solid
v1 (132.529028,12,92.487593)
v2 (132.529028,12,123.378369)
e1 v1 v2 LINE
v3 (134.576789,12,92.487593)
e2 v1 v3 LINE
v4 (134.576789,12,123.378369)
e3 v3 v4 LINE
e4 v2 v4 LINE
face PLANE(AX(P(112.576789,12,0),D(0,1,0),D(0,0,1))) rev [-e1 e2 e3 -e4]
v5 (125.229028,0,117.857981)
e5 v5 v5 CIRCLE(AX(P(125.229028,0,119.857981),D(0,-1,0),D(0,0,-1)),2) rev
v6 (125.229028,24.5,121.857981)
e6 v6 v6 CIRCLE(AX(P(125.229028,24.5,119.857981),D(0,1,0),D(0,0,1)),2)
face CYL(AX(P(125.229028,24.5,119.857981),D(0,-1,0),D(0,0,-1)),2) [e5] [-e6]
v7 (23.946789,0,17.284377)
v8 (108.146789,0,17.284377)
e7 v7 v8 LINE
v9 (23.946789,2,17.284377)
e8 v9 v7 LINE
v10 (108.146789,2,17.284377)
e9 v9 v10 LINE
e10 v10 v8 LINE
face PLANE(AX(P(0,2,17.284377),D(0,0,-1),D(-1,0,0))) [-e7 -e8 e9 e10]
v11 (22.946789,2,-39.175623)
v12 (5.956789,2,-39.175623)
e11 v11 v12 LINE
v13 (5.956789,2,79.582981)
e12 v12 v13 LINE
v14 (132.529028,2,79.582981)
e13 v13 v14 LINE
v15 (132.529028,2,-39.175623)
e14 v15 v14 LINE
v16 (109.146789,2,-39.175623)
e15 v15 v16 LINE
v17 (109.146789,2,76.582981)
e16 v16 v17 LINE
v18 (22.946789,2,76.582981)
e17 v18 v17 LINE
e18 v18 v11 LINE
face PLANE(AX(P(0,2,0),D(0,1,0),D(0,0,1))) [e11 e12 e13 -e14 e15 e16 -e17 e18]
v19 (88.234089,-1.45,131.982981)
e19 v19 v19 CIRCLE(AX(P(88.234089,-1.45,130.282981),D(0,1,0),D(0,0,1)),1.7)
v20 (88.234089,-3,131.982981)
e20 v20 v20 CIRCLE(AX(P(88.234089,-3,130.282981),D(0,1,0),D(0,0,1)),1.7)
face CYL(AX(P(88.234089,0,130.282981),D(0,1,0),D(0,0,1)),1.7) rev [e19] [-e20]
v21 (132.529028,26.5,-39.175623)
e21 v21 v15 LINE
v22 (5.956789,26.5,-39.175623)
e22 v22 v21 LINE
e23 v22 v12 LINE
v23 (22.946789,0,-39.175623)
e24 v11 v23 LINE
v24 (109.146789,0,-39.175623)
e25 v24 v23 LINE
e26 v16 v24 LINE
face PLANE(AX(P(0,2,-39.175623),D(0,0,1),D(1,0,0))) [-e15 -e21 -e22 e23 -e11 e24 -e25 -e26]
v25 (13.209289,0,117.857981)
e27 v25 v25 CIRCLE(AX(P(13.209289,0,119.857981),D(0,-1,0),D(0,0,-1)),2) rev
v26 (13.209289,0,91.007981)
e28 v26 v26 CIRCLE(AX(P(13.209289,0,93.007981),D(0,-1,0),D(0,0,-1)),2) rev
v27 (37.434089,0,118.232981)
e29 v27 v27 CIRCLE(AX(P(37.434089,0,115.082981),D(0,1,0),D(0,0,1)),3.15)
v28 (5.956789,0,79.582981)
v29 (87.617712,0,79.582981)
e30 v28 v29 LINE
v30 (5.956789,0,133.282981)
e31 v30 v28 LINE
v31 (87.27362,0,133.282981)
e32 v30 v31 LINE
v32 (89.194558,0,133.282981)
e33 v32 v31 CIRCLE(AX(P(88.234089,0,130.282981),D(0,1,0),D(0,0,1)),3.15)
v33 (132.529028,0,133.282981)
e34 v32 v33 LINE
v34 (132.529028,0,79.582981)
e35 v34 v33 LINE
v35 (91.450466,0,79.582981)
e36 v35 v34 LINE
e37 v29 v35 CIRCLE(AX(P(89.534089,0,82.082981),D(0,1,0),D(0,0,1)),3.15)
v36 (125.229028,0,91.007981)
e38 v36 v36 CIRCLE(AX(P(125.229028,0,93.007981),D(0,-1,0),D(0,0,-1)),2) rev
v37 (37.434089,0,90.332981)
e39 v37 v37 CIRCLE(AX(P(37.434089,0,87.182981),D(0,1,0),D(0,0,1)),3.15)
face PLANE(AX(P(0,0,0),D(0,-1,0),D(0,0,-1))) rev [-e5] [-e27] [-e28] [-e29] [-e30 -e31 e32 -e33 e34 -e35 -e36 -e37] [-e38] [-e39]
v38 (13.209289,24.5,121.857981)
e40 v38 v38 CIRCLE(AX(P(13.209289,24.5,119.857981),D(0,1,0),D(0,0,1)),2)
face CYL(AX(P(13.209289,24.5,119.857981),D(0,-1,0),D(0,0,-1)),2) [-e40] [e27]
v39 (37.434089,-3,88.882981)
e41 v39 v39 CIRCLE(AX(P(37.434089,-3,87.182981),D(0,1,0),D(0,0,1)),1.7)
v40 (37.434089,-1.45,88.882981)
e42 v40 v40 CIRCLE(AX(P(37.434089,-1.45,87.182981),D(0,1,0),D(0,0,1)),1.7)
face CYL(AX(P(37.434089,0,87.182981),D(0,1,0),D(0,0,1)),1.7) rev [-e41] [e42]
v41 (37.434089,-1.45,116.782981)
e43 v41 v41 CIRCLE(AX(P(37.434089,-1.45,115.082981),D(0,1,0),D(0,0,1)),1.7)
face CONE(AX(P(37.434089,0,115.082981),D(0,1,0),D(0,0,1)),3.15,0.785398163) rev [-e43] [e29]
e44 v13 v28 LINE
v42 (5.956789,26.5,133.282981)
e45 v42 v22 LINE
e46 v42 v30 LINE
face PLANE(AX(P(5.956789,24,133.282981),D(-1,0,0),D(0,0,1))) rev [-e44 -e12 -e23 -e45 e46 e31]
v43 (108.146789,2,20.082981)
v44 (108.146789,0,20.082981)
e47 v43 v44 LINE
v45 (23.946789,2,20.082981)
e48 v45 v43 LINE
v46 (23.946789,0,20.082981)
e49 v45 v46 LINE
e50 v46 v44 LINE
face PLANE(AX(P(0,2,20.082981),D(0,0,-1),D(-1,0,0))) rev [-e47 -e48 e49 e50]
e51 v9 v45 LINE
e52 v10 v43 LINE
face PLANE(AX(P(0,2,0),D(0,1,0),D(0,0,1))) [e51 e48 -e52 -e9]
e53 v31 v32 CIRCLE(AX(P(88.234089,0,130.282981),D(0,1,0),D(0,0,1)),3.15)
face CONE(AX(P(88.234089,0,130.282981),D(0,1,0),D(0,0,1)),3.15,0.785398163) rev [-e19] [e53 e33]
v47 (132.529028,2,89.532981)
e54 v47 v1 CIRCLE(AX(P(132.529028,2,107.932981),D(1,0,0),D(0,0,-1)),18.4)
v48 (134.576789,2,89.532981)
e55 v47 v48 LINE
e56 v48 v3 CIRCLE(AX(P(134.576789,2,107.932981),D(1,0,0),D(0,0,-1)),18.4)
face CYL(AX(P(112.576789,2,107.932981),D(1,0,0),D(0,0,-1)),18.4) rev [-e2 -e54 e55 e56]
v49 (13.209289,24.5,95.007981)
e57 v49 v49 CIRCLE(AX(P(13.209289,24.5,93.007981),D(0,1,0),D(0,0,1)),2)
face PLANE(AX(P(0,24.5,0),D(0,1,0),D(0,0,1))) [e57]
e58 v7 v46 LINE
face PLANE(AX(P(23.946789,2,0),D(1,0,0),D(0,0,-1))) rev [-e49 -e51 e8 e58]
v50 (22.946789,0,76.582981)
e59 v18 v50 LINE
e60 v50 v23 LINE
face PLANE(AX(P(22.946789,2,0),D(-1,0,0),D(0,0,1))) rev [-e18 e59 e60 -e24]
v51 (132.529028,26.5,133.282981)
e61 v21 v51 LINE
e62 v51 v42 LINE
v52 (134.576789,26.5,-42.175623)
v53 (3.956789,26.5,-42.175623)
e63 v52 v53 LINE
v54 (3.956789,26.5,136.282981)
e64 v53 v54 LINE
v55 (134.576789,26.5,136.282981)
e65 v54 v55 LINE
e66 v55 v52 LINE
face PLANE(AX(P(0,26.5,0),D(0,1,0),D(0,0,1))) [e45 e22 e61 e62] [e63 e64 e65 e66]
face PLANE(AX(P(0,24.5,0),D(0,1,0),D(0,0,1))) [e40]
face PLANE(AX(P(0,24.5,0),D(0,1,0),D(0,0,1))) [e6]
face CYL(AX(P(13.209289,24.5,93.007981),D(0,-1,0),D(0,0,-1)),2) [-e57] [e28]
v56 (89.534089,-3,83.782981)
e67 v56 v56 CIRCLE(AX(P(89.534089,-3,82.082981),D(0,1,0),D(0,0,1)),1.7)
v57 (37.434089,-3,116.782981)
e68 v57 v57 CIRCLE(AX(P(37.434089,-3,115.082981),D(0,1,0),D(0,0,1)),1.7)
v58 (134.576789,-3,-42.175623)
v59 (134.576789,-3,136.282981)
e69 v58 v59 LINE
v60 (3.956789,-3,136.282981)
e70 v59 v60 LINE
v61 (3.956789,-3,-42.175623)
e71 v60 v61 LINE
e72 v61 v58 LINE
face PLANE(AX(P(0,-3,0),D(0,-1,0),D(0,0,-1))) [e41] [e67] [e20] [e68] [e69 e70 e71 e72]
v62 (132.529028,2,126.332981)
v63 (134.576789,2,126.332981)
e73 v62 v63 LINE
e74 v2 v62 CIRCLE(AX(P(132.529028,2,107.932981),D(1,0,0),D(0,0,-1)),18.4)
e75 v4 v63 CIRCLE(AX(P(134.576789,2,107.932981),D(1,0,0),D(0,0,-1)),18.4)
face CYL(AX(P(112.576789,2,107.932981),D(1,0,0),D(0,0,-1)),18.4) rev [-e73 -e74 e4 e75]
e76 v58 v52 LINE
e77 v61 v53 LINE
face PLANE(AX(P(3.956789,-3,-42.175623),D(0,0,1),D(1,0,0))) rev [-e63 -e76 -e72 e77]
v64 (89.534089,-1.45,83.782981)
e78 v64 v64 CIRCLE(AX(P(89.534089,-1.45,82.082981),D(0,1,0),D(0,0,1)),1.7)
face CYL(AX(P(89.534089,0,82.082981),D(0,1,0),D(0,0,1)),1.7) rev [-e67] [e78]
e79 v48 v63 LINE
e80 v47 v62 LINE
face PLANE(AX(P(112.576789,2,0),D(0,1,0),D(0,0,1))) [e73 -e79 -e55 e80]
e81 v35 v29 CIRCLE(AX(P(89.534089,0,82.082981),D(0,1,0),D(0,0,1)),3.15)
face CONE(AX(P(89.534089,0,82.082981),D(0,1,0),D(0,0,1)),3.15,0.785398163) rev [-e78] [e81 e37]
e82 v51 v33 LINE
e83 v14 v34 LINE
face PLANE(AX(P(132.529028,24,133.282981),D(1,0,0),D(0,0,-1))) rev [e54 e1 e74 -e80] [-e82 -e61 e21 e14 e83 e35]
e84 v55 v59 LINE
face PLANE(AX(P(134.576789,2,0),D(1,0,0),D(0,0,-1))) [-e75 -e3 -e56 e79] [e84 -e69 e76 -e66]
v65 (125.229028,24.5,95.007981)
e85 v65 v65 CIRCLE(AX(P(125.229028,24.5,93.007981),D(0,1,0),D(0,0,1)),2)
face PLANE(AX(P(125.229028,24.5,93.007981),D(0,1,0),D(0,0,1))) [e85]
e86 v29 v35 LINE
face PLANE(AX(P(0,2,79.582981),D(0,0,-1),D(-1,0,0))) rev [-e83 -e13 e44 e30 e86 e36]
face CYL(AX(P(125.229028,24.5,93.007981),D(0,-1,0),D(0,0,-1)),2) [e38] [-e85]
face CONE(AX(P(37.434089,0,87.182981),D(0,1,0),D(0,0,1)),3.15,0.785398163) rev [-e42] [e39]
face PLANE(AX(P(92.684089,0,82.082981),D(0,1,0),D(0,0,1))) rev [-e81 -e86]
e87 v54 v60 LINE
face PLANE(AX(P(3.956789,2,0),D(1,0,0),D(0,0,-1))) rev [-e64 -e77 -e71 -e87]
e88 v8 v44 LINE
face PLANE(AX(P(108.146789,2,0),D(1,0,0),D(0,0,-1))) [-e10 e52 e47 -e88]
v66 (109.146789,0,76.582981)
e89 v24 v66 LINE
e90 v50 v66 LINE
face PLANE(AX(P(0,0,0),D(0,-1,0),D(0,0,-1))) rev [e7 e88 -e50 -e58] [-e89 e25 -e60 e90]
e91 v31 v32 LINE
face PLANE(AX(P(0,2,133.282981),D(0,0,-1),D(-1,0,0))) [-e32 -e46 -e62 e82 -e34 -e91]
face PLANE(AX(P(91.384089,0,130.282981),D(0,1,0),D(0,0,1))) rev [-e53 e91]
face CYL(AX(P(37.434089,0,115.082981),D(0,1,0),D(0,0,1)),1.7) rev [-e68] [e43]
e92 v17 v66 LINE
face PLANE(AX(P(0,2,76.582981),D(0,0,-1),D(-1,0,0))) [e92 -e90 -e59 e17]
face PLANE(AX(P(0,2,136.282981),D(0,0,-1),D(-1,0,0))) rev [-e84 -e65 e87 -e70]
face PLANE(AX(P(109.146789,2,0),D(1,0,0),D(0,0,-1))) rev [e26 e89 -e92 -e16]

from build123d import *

# Parameters (mm, degrees)
SKETCH1_W                                    = 130.62
SKETCH1_H                                    = 3
SKETCH1_W_2                                  = 18.99
SKETCH1_W_3                                  = 25.43
SKETCH1_W_4                                  = 84.2
SKETCH1_H_2                                  = 2.79860344
BOSS_EXTRUDE1_DEPTH                          = 2
SKETCH2_W                                    = 130.62
SKETCH2_H                                    = 178.45860344
BOSS_EXTRUDE2_DEPTH                          = 3
CSK_FOR_M3_COUNTERSUNK_FLAT_HEAD_SCR_2_COUNT = 2
CSK_FOR_M3_COUNTERSUNK_FLAT_HEAD_SCR_2_PITCH = 53.025276991
CSK_FOR_M3_COUNTERSUNK_FLAT_HEAD_SCR_3_COUNT = 2
CSK_FOR_M3_COUNTERSUNK_FLAT_HEAD_SCR_3_PITCH = 66.620192134
CSK_FOR_M3_COUNTERSUNK_FLAT_HEAD_SCR_4_COUNT = 2
CSK_FOR_M3_COUNTERSUNK_FLAT_HEAD_SCR_4_PITCH = 48.217527933
SKETCH9_W                                    = 2.047760895
SKETCH9_H                                    = 53.7
SKETCH9_W_2                                  = 2
BOSS_EXTRUDE3_DEPTH                          = 24
SKETCH10_W                                   = 130.62
SKETCH10_H                                   = 3
BOSS_EXTRUDE4_DEPTH                          = 22
CUT_EXTRUDE1_DEPTH                           = 22
BOSS_EXTRUDE5_DEPTH                          = 22
SKETCH13_R                                   = 2
BOSS_EXTRUDE6_DEPTH                          = 24.5
SKETCH15_W                                   = 126.572239105
SKETCH15_H                                   = 3
SKETCH15_W_2                                 = 2
SKETCH15_H_2                                 = 172.45860344
SKETCH15_W_3                                 = 2.047760895
BOSS_EXTRUDE7_DEPTH                          = 2.5


with BuildPart() as part:
    # Sketch1 → Boss-Extrude1 (new body)
    with BuildSketch(Plane(origin=(0, 0, 0), x_dir=(1, 0, 0), z_dir=(0, 1, 0))):
        with Locations((69.266788991, -134.782980897)):
            Rectangle(SKETCH1_W, SKETCH1_H)
        with Locations((69.266788991, -78.082980897)):
            Rectangle(SKETCH1_W, SKETCH1_H)
        Polygon((134.576788991, -20.082980897), (109.146788991, -20.082980897), (109.146788991, -67.500327372), (109.146788991, -76.582980897), (134.576788991, -76.582980897), align=None)
        Polygon((22.946788991, -33.891997438), (22.946788991, -20.082980897), (3.956788991, -20.082980897), (3.956788991, -76.582980897), (22.946788991, -76.582980897), align=None)
        Polygon((22.946788991, -17.082980897), (22.946788991, 39.175622543), (6.956788991, 39.175622543), (3.956788991, 39.175622543), (3.956788991, -17.082980897), align=None)
        Polygon((131.576788991, 39.175622543), (109.146788991, 39.175622543), (109.146788991, -17.082980897), (134.576788991, -17.082980897), (134.576788991, 39.175622543), align=None)
        with Locations((13.451788991, -18.582980897)):
            Rectangle(SKETCH1_W_2, SKETCH1_H)
        with Locations((121.861788991, -18.582980897)):
            Rectangle(SKETCH1_W_3, SKETCH1_H)
        with Locations((66.046788991, -18.683679177)):
            Rectangle(SKETCH1_W_4, SKETCH1_H_2)
        Polygon((23.946788991, 39.175622543), (108.146788991, 39.175622543), (109.146788991, 39.175622543), (131.576788991, 39.175622543), (134.576788991, 39.175622543), (134.576788991, 42.175622543), (3.956788991, 42.175622543), (3.956788991, 39.175622543), (6.956788991, 39.175622543), (22.946788991, 39.175622543), align=None)
    extrude(amount=BOSS_EXTRUDE1_DEPTH)

    # Sketch2 → Boss-Extrude2 (add)
    with BuildSketch(Plane.XZ):
        with Locations((69.266788991, 47.053679177)):
            Rectangle(SKETCH2_W, SKETCH2_H)
    extrude(amount=BOSS_EXTRUDE2_DEPTH)

    # Sketch8 → CSK for M3 Countersunk Flat Head Screw1 (revolve, cut)
    with BuildSketch(Plane(origin=(88.234088991, 0, 130.282980897), x_dir=(0, 0, 1), z_dir=(1, 0, 0))):
        Polygon((0, 0), (0, 3), (1.7, 3), (1.7, 1.45), (3.15, 0), align=None)
    csk_for_m3_countersunk_flat_head_screw1 = revolve(axis=Axis((88.234088991, 6.35, 130.282980897), (0, -1, 0)), mode=Mode.SUBTRACT)

    # CSK for M3 Countersunk Flat Head Scr 2: CSK for M3 Countersunk Flat Head Screw1 ×2
    with Locations(*[Vector(-0.958033656445997, 0, -0.2866557397239995) * (i * CSK_FOR_M3_COUNTERSUNK_FLAT_HEAD_SCR_2_PITCH) for i in range(1, CSK_FOR_M3_COUNTERSUNK_FLAT_HEAD_SCR_2_COUNT)]):
        add(csk_for_m3_countersunk_flat_head_screw1, mode=Mode.SUBTRACT)

    # CSK for M3 Countersunk Flat Head Scr 3: CSK for M3 Countersunk Flat Head Screw1 ×2
    with Locations(*[Vector(-0.762531574476027, 0, -0.6469510011794644) * (i * CSK_FOR_M3_COUNTERSUNK_FLAT_HEAD_SCR_3_PITCH) for i in range(1, CSK_FOR_M3_COUNTERSUNK_FLAT_HEAD_SCR_3_COUNT)]):
        add(csk_for_m3_countersunk_flat_head_screw1, mode=Mode.SUBTRACT)

    # CSK for M3 Countersunk Flat Head Scr 4: CSK for M3 Countersunk Flat Head Screw1 ×2
    with Locations(*[Vector(0.02696114993281913, 0, -0.9996364821245272) * (i * CSK_FOR_M3_COUNTERSUNK_FLAT_HEAD_SCR_4_PITCH) for i in range(1, CSK_FOR_M3_COUNTERSUNK_FLAT_HEAD_SCR_4_COUNT)]):
        add(csk_for_m3_countersunk_flat_head_screw1, mode=Mode.SUBTRACT)

    # Sketch9 → Boss-Extrude3 (add)
    with BuildSketch(Plane(origin=(0, 0, 0), x_dir=(1, 0, 0), z_dir=(0, 1, 0))):
        with Locations((133.552908543, -106.432980897)):
            Rectangle(SKETCH9_W, SKETCH9_H)
        with Locations((4.956788991, -106.432980897)):
            Rectangle(SKETCH9_W_2, SKETCH9_H)
    extrude(amount=BOSS_EXTRUDE3_DEPTH)

    # Sketch10 → Boss-Extrude4 (add)
    with BuildSketch(Plane(origin=(0, 2, 0), x_dir=(1, 0, 0), z_dir=(0, 1, 0))):
        with Locations((69.266788991, -134.782980897)):
            Rectangle(SKETCH10_W, SKETCH10_H)
    extrude(amount=BOSS_EXTRUDE4_DEPTH)

    # Sketch11 → Cut-Extrude1 (cut)
    with BuildSketch(Plane(origin=(134.576788991, 0, 0), x_dir=(0, 0, -1), z_dir=(1, 0, 0))):
        with BuildLine():
            Line((-126.332980897, 2), (-107.932980897, 2))
            Line((-107.932980897, 2), (-107.932980897, 12))
            Line((-107.932980897, 12), (-123.378368558, 12))
            ThreePointArc((-123.378368558, 12), (-125.578874654, 7.213677543), (-126.332980897, 2))
        make_face()
        with BuildLine():
            Line((-107.932980897, 2), (-89.532980897, 2))
            ThreePointArc((-89.532980897, 2), (-90.28708714, 7.213677543), (-92.487593236, 12))
            Line((-92.487593236, 12), (-107.932980897, 12))
            Line((-107.932980897, 12), (-107.932980897, 2))
        make_face()
    extrude(amount=-CUT_EXTRUDE1_DEPTH, mode=Mode.SUBTRACT)

    # Sketch12 → Boss-Extrude5 (add)
    with BuildSketch(Plane(origin=(0, 2, 0), x_dir=(1, 0, 0), z_dir=(0, 1, 0))):
        Polygon((134.576788991, 42.175622543), (3.956788991, 42.175622543), (3.956788991, -79.582980897), (5.956788991, -79.582980897), (5.956788991, 39.175622543), (132.529028096, 39.175622543), (132.529028096, -79.582980897), (134.576788991, -79.582980897), align=None)
    extrude(amount=BOSS_EXTRUDE5_DEPTH)

    # Sketch13 → Boss-Extrude6 (add)
    with BuildSketch(Plane(origin=(0, 0, 0), x_dir=(1, 0, 0), z_dir=(0, 1, 0))):
        with BuildLine():
            Line((125.229028096, -117.857980897), (125.229028096, -119.857980897))
            Line((125.229028096, -119.857980897), (125.229028096, -121.857980897))
            ThreePointArc((125.229028096, -121.857980897), (126.643241659, -121.272194459), (127.229028096, -119.857980897))
            ThreePointArc((127.229028096, -119.857980897), (126.643241659, -118.443767335), (125.229028096, -117.857980897))
        make_face()
        with BuildLine():
            ThreePointArc((125.229028096, -117.857980897), (123.814814534, -118.443767335), (123.229028096, -119.857980897))
            Line((123.229028096, -119.857980897), (125.229028096, -119.857980897))
            Line((125.229028096, -119.857980897), (125.229028096, -117.857980897))
        make_face()
        with BuildLine():
            Line((125.229028096, -119.857980897), (123.229028096, -119.857980897))
            ThreePointArc((123.229028096, -119.857980897), (123.814814534, -121.272194459), (125.229028096, -121.857980897))
            Line((125.229028096, -121.857980897), (125.229028096, -119.857980897))
        make_face()
        with BuildLine():
            ThreePointArc((125.229028096, -117.857980897), (123.814814534, -118.443767335), (123.229028096, -119.857980897))
            Line((123.229028096, -119.857980897), (125.229028096, -119.857980897))
            Line((125.229028096, -119.857980897), (125.229028096, -117.857980897))
        make_face()
        with BuildLine():
            ThreePointArc((13.209288991, -121.857980897), (14.623502553, -121.272194459), (15.209288991, -119.857980897))
            Line((15.209288991, -119.857980897), (13.209288991, -119.857980897))
            Line((13.209288991, -119.857980897), (13.209288991, -121.857980897))
        make_face()
        with BuildLine():
            Line((13.209288991, -119.857980897), (15.209288991, -119.857980897))
            ThreePointArc((15.209288991, -119.857980897), (14.623502553, -118.443767335), (13.209288991, -117.857980897))
            Line((13.209288991, -117.857980897), (13.209288991, -119.857980897))
        make_face()
        with BuildLine():
            Line((13.209288991, -119.857980897), (15.209288991, -119.857980897))
            ThreePointArc((15.209288991, -119.857980897), (14.623502553, -118.443767335), (13.209288991, -117.857980897))
            Line((13.209288991, -117.857980897), (13.209288991, -119.857980897))
        make_face()
        with BuildLine():
            Line((13.209288991, -119.857980897), (13.209288991, -117.857980897))
            ThreePointArc((13.209288991, -117.857980897), (11.209288991, -119.857980897), (13.209288991, -121.857980897))
            Line((13.209288991, -121.857980897), (13.209288991, -119.857980897))
        make_face()
        with BuildLine():
            ThreePointArc((15.209288991, -93.007980897), (14.623502553, -91.593767335), (13.209288991, -91.007980897))
            Line((13.209288991, -91.007980897), (13.209288991, -93.007980897))
            Line((13.209288991, -93.007980897), (15.209288991, -93.007980897))
        make_face()
        with BuildLine():
            ThreePointArc((13.209288991, -95.007980897), (14.623502553, -94.422194459), (15.209288991, -93.007980897))
            Line((15.209288991, -93.007980897), (13.209288991, -93.007980897))
            Line((13.209288991, -93.007980897), (13.209288991, -95.007980897))
        make_face()
        with BuildLine():
            ThreePointArc((15.209288991, -93.007980897), (14.623502553, -91.593767335), (13.209288991, -91.007980897))
            Line((13.209288991, -91.007980897), (13.209288991, -93.007980897))
            Line((13.209288991, -93.007980897), (15.209288991, -93.007980897))
        make_face()
        with BuildLine():
            ThreePointArc((13.209288991, -95.007980897), (14.623502553, -94.422194459), (15.209288991, -93.007980897))
            Line((15.209288991, -93.007980897), (13.209288991, -93.007980897))
            Line((13.209288991, -93.007980897), (13.209288991, -95.007980897))
        make_face()
        with BuildLine():
            Line((13.209288991, -93.007980897), (13.209288991, -91.007980897))
            ThreePointArc((13.209288991, -91.007980897), (11.209288991, -93.007980897), (13.209288991, -95.007980897))
            Line((13.209288991, -95.007980897), (13.209288991, -93.007980897))
        make_face()
        with Locations(Location((125.229028096, -93.007980897, 0), (0, 0, 90))):
            Circle(SKETCH13_R)
    extrude(amount=BOSS_EXTRUDE6_DEPTH)

    # Sketch15 → Boss-Extrude7 (add)
    with BuildSketch(Plane(origin=(0, 24, 0), x_dir=(1, 0, 0), z_dir=(0, 1, 0))):
        with Locations((69.242908544, 40.675622543)):
            Rectangle(SKETCH15_W, SKETCH15_H)
        with Locations((4.956788991, -47.053679177)):
            Rectangle(SKETCH15_W_2, SKETCH15_H_2)
        with Locations((4.956788991, 40.675622543)):
            Rectangle(SKETCH15_W_2, SKETCH15_H)
        with Locations((133.552908543, 40.675622543)):
            Rectangle(SKETCH15_W_3, SKETCH15_H)
        Polygon((134.576788991, -136.282980897), (134.576788991, 39.175622543), (132.529028096, 39.175622543), (132.529028096, -133.282980897), (132.529028096, -136.282980897), align=None)
        with Locations((4.956788991, -134.782980897)):
            Rectangle(SKETCH15_W_2, SKETCH15_H)
        with Locations((69.242908544, -134.782980897)):
            Rectangle(SKETCH15_W, SKETCH15_H)
    extrude(amount=BOSS_EXTRUDE7_DEPTH)


solid = part.part
